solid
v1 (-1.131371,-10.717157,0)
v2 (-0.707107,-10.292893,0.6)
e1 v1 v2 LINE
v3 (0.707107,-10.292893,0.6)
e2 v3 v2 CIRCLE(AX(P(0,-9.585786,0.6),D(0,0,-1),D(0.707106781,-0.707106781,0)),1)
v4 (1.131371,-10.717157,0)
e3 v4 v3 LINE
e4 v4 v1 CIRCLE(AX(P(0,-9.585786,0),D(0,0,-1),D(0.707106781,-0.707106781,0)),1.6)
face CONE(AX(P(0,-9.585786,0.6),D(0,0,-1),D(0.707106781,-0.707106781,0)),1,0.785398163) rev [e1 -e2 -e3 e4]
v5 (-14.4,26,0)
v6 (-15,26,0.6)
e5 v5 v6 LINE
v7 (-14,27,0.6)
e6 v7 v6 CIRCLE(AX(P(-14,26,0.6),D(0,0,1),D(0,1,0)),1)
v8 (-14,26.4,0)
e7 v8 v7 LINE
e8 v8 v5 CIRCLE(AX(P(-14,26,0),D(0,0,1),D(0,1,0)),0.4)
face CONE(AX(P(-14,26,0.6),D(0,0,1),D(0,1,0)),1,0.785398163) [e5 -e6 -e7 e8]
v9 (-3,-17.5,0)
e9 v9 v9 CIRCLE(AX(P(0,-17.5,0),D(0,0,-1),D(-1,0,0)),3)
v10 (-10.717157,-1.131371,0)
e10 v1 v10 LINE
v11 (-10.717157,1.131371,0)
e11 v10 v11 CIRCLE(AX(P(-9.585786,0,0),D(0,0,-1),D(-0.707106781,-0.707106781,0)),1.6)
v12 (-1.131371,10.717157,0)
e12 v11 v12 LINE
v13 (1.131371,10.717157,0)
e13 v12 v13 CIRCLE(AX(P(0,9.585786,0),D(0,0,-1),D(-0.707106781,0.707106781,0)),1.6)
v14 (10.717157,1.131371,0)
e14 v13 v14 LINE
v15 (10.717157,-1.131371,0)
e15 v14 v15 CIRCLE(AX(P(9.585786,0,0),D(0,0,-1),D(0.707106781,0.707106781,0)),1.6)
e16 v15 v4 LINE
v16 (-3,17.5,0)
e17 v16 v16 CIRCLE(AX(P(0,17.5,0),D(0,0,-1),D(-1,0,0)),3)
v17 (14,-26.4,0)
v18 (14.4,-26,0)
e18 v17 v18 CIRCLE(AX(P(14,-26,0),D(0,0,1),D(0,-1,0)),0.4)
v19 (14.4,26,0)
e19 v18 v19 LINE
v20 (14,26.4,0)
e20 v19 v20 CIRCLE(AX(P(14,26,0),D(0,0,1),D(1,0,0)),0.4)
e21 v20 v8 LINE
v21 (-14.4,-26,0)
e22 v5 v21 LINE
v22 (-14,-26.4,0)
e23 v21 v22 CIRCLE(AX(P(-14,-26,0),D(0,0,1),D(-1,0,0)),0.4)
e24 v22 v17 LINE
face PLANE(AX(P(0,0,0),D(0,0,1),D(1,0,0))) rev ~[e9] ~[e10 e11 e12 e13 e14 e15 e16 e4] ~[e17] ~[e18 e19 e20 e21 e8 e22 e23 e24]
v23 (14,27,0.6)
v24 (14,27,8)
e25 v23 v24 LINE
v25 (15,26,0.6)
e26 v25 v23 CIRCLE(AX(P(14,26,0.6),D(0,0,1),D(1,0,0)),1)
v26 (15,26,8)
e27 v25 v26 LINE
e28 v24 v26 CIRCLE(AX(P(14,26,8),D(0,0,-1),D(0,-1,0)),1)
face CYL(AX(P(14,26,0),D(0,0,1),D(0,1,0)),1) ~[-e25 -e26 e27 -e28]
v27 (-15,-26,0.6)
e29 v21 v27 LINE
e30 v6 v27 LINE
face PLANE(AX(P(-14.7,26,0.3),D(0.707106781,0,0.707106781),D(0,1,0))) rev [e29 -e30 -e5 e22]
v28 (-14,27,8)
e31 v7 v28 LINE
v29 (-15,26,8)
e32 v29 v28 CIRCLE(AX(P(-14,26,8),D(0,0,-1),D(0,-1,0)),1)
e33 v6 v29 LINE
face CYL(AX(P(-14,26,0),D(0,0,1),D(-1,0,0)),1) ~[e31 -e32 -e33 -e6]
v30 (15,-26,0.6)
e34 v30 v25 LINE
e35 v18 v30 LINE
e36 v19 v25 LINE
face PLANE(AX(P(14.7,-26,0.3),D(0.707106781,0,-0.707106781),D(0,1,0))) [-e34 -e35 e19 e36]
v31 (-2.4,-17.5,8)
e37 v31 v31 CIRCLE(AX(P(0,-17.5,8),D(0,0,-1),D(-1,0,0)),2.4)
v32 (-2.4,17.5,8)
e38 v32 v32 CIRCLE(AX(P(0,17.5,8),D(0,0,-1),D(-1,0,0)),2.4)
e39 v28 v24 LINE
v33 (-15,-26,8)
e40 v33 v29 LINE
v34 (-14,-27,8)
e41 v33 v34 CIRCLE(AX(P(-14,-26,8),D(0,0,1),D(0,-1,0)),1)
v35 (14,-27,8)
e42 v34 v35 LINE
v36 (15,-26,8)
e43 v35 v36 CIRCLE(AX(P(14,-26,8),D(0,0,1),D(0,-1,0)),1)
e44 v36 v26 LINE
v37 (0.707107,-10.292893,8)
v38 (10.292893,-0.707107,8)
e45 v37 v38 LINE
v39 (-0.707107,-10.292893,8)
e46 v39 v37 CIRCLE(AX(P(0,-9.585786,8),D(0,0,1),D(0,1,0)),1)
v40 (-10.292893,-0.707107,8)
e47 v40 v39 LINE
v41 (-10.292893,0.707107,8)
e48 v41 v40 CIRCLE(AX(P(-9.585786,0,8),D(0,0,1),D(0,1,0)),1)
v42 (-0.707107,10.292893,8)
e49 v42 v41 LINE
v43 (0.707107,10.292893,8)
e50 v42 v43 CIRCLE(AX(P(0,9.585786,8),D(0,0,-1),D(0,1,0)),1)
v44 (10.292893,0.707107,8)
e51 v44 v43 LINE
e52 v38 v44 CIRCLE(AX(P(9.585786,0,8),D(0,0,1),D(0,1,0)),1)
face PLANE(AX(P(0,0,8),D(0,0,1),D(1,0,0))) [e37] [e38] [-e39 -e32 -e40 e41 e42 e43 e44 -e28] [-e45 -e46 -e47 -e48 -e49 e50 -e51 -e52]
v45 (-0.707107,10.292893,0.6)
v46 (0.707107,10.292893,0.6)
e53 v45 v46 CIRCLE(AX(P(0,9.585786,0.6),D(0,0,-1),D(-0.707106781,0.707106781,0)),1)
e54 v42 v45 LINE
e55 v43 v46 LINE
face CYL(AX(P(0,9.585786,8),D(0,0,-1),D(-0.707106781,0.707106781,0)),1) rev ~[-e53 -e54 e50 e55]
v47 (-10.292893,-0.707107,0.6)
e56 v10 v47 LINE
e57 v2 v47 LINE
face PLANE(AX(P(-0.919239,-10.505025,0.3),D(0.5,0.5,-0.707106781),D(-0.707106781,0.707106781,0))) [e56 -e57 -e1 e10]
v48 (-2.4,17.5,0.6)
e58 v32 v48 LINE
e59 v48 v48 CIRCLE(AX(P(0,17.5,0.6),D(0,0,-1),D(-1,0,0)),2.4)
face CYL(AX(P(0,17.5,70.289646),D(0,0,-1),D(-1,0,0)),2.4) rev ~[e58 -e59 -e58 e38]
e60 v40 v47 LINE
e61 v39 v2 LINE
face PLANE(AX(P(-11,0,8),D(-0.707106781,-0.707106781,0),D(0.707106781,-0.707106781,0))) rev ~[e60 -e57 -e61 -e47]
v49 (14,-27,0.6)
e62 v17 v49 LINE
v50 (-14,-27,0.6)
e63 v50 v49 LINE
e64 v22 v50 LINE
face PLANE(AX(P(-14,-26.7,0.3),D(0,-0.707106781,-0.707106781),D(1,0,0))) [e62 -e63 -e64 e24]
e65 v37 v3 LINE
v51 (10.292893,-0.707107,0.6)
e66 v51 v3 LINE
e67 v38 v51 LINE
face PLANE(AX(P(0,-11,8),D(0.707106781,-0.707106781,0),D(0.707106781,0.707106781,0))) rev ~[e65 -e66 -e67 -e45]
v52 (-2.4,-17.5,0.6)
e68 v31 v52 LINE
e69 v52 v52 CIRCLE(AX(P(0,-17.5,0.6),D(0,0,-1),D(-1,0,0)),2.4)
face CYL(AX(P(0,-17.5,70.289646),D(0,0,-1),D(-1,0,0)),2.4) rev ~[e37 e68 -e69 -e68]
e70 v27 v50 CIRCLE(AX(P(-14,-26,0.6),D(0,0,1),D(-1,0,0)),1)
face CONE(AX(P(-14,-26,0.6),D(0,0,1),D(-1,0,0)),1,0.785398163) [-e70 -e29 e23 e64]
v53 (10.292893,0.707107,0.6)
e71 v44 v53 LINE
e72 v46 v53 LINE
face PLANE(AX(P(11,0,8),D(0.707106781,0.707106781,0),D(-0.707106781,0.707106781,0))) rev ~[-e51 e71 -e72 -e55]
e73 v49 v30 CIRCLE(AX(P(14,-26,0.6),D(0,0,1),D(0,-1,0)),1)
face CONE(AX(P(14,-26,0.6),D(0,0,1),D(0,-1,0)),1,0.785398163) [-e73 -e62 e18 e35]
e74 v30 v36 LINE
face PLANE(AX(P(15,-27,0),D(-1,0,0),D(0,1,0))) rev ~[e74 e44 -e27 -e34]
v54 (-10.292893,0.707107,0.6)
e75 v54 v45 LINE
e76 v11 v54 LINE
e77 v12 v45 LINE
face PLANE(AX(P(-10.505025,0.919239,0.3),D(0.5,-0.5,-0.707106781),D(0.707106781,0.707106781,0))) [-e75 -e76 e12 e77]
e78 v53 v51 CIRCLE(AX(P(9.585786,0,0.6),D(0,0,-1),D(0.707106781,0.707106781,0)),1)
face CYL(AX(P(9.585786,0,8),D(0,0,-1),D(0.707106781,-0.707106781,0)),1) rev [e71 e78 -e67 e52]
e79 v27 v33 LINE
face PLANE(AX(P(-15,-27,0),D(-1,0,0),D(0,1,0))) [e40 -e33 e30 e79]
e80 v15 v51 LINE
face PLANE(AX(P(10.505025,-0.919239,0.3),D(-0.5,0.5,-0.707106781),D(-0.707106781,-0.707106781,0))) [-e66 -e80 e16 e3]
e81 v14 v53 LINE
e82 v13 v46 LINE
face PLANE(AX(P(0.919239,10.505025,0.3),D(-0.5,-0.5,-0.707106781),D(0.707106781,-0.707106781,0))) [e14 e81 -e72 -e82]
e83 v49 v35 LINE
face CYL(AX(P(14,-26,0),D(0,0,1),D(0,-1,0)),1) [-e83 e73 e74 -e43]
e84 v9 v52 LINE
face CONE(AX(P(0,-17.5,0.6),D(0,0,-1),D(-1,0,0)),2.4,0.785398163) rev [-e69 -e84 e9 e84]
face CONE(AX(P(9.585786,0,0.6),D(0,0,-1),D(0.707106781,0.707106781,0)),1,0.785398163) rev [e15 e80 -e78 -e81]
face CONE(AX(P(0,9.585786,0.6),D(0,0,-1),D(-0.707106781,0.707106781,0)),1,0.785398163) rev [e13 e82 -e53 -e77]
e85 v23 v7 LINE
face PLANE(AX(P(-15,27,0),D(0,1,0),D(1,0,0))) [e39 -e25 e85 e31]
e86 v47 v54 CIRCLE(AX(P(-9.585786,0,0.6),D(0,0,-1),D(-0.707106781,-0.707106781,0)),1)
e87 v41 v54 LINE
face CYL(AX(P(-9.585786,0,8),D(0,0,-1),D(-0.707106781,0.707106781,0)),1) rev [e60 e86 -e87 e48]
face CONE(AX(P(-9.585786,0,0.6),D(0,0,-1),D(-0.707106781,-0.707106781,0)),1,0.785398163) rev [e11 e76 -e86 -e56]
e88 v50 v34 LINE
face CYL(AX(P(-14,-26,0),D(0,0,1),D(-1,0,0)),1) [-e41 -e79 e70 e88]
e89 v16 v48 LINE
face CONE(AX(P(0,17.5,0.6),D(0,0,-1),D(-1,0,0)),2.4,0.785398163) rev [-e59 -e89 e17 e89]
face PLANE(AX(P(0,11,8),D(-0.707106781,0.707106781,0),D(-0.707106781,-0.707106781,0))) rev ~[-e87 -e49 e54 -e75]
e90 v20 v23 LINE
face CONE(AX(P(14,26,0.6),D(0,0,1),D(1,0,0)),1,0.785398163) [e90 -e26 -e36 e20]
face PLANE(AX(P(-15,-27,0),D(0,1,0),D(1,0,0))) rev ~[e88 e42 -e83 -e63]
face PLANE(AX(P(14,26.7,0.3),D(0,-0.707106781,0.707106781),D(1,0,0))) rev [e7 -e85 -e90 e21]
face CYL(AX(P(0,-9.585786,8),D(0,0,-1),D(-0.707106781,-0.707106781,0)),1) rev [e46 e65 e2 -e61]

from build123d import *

# Parameters (mm, degrees)
SKETCH1_W            = 30
SKETCH1_H            = 54
BOSS_EXTRUDE1_DEPTH  = 8
M4_CLEARANCE_HOLE1_D = 4.8
CUT_EXTRUDE1_REACH   = 33.906
FILLET1_R            = 1
CHAMFER1_SIZE        = 0.6


with BuildPart() as part:
    # Sketch1 → Boss-Extrude1 (new body)
    with BuildSketch(Plane.XY):
        Rectangle(SKETCH1_W, SKETCH1_H)
    extrude(amount=BOSS_EXTRUDE1_DEPTH)

    # M4 Clearance Hole1 (through all)
    with Locations(Plane.XY.offset(8)):
        with Locations((0, 17.5), (0, -17.5)):
            Hole(M4_CLEARANCE_HOLE1_D / 2)

    # Sketch4 → Cut-Extrude1 (cut, up to next)
    with BuildSketch(Plane.XY.offset(8), mode=Mode.PRIVATE) as cut_extrude1_sk1:
        Polygon((11, 0), (0, 11), (-11, 0), (0, -11), align=None)
    cut_extrude1_tool1 = extrude(cut_extrude1_sk1.sketch, amount=-CUT_EXTRUDE1_REACH, mode=Mode.PRIVATE) & part.part
    add(cut_extrude1_tool1.solids().sort_by_distance((0, 0, 8))[0], mode=Mode.SUBTRACT)

    # Fillet1
    fillet1_edges = [part.edges().sort_by_distance(p)[0] for p in [
        (11, 0, 4),
        (0, -11, 4),
        (-11, 0, 4),
        (0, 11, 4),
        (-15, 27, 4),
        (15, 27, 4),
        (15, -27, 4),
        (-15, -27, 4),
    ]]
    fillet(fillet1_edges, radius=FILLET1_R)

    # Chamfer1
    chamfer1_edges = [part.edges().sort_by_distance(p)[0] for p in [
        (2.4, -17.5, 0),
        (2.4, 17.5, 0),
        (5.5, -5.5, 0),
        (-5.5, -5.5, 0),
        (5.5, 5.5, 0),
        (-5.5, 5.5, 0),
        (15, 0, 0),
        (-15, 0, 0),
        (0, 27, 0),
        (0, -27, 0),
        (-14.707106781, 26.707106781, 0),
        (14.707106781, 26.707106781, 0),
        (-14.707106781, -26.707106781, 0),
        (14.707106781, -26.707106781, 0),
        (0, -10.585786438, 0),
        (10.585786438, 0, 0),
        (0, 10.585786438, 0),
        (-10.585786438, 0, 0),
    ]]
    chamfer(chamfer1_edges, length=CHAMFER1_SIZE)


solid = part.part
